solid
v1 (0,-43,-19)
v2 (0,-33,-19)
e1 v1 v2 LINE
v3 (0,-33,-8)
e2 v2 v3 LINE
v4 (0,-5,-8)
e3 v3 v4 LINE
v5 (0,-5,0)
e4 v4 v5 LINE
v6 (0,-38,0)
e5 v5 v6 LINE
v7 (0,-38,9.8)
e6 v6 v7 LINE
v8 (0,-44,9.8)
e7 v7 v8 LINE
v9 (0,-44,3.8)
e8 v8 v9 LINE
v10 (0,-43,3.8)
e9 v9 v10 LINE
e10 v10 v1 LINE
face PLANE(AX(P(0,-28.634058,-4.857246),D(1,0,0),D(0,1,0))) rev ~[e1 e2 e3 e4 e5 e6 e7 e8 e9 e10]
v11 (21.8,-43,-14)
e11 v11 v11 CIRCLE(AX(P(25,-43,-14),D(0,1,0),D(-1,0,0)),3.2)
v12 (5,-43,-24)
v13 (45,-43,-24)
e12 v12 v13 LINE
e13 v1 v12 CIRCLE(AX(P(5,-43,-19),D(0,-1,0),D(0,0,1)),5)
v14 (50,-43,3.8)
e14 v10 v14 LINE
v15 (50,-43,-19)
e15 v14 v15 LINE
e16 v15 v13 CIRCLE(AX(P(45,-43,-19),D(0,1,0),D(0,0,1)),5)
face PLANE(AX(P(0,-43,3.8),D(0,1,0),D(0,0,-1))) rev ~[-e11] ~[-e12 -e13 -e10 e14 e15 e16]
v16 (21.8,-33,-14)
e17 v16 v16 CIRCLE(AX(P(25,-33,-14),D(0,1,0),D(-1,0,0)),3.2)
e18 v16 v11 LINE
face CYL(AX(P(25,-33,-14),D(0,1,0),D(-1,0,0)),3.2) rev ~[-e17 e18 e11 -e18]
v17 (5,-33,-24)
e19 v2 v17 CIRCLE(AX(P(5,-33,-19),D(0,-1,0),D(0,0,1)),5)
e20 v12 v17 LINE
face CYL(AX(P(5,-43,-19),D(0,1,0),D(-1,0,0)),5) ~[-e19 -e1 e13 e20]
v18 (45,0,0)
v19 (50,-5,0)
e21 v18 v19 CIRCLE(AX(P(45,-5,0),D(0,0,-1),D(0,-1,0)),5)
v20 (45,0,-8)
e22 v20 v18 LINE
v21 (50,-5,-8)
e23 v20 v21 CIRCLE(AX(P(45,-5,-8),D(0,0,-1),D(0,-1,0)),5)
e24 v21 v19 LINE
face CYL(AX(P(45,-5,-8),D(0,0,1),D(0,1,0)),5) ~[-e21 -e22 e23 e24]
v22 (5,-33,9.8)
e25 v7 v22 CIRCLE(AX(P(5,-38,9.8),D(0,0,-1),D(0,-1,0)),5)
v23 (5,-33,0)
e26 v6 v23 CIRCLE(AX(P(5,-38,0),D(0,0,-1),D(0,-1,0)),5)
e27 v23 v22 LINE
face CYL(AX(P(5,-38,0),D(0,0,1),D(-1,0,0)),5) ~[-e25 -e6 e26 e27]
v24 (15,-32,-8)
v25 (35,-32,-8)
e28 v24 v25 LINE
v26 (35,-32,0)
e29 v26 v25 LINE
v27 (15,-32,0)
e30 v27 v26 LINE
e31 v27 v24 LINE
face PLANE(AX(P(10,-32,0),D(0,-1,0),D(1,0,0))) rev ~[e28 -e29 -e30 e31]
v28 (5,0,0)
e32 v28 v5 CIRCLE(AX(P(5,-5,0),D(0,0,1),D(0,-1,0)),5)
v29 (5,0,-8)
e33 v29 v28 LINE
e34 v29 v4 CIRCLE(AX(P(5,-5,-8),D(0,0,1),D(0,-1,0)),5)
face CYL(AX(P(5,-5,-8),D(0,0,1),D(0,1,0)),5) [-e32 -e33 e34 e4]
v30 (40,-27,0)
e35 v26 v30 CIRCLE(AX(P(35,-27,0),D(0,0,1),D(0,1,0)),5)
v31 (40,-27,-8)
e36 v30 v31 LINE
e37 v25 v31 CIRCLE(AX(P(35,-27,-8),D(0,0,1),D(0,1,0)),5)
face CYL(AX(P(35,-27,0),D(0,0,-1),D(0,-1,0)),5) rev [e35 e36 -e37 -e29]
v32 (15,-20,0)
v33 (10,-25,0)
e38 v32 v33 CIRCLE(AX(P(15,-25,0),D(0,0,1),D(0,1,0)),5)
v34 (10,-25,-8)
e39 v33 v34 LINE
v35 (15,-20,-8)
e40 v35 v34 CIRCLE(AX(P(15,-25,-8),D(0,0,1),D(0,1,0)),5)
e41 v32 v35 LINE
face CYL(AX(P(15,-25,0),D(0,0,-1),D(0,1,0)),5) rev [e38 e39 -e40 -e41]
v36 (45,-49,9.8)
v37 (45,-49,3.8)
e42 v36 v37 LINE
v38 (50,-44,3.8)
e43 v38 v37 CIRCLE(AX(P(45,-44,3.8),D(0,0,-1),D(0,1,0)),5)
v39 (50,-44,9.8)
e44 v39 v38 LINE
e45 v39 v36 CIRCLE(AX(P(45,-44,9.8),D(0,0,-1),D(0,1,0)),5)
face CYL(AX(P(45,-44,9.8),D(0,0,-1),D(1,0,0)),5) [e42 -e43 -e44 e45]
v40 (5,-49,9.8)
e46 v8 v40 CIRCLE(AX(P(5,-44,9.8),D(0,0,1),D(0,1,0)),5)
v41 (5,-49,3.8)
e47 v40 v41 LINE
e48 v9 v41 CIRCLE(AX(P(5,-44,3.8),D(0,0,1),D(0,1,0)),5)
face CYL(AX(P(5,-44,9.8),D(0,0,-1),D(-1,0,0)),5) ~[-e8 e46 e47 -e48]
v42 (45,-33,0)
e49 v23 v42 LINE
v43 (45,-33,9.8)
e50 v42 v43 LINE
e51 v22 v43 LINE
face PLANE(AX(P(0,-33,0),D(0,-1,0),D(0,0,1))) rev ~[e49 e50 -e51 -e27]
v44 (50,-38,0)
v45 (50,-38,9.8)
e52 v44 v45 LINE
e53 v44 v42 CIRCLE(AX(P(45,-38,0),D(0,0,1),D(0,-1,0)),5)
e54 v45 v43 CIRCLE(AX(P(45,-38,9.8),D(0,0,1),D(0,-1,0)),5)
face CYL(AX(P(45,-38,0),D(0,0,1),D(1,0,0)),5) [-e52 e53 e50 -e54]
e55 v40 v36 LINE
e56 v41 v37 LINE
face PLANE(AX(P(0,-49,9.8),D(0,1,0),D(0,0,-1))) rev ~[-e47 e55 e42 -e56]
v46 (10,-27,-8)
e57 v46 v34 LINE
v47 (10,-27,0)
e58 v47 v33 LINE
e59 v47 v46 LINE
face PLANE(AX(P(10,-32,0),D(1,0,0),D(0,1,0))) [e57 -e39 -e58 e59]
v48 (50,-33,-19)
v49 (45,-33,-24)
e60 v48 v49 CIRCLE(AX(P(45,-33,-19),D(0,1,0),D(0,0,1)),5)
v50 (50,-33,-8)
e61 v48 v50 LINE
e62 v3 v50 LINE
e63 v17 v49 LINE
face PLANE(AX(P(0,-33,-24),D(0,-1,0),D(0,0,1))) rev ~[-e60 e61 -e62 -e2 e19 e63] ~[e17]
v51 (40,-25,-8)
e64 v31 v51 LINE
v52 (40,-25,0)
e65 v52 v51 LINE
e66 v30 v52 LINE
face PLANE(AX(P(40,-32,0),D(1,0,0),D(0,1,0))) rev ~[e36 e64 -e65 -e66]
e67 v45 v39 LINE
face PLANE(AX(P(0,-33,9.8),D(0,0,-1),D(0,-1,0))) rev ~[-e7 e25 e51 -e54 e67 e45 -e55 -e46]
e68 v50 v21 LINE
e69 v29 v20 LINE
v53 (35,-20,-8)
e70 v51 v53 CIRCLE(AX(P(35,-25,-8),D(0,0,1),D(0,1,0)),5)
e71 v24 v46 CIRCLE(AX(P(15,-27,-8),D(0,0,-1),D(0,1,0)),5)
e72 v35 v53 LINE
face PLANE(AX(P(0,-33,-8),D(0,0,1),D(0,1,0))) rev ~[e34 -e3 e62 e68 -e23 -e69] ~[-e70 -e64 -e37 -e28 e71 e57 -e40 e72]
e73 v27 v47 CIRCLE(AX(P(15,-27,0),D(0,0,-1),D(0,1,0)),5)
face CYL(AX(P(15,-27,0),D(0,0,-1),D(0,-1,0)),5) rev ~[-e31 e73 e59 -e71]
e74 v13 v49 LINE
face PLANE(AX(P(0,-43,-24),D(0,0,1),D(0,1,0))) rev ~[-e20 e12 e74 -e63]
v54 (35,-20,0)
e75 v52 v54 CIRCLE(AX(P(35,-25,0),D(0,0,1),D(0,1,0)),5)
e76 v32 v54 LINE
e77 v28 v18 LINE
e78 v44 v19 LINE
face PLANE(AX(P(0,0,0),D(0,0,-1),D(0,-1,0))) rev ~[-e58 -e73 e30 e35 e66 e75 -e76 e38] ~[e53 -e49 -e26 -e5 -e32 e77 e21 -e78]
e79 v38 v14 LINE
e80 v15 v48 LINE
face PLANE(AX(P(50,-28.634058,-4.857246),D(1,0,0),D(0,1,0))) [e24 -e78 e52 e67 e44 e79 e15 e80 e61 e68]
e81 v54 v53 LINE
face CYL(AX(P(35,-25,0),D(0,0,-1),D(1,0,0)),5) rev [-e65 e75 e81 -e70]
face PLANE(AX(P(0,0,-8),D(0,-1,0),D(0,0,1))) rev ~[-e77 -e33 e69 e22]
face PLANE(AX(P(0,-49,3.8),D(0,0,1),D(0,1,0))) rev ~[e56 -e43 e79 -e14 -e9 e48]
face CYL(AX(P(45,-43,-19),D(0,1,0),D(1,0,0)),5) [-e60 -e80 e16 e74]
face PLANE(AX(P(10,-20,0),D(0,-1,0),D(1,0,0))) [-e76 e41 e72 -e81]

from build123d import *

# Parameters (mm, degrees)
F1_DEPTH = 50
F3_R     = 3.2
F4_DEPTH = 16.001
F2_W     = 30
F2_H     = 12
F5_DEPTH = 24.001
F6_R     = 5


with BuildPart() as f1:
    # F0 (on Right) → F1 (new body)
    with BuildSketch(Plane.YZ):
        Polygon((0, -8), (0, 0), (-33, 0), (-33, 9.8), (-49, 9.8), (-49, 3.8), (-43, 3.8), (-43, -24), (-33, -24), (-33, -8), align=None)
    extrude(amount=F1_DEPTH)

    # F3 (on face) → F4 (cut, through all)
    with BuildSketch(Plane(origin=(0, -33, 0), x_dir=(-1, 0, 0), z_dir=(0, 1, 0))):
        with Locations((-25, -14)):
            Circle(F3_R)
    extrude(amount=-F4_DEPTH, mode=Mode.SUBTRACT)

    # F2 (on face) → F5 (cut, through all)
    with BuildSketch(Plane.XY):
        with Locations((25, -26)):
            Rectangle(F2_W, F2_H)
    extrude(amount=-F5_DEPTH, mode=Mode.SUBTRACT)

    # F6
    f6_edges = [f1.edges().sort_by_distance(p)[0] for p in [
        (50, 0, -4),
        (0, 0, -4),
        (50, -33, 4.9),
        (0, -33, 4.9),
        (50, -49, 6.8),
        (0, -49, 6.8),
        (50, -38, -24),
        (0, -38, -24),
        (10, -32, -4),
        (40, -32, -4),
        (40, -20, -4),
        (10, -20, -4),
    ]]
    fillet(f6_edges, radius=F6_R)


solid = f1.part
